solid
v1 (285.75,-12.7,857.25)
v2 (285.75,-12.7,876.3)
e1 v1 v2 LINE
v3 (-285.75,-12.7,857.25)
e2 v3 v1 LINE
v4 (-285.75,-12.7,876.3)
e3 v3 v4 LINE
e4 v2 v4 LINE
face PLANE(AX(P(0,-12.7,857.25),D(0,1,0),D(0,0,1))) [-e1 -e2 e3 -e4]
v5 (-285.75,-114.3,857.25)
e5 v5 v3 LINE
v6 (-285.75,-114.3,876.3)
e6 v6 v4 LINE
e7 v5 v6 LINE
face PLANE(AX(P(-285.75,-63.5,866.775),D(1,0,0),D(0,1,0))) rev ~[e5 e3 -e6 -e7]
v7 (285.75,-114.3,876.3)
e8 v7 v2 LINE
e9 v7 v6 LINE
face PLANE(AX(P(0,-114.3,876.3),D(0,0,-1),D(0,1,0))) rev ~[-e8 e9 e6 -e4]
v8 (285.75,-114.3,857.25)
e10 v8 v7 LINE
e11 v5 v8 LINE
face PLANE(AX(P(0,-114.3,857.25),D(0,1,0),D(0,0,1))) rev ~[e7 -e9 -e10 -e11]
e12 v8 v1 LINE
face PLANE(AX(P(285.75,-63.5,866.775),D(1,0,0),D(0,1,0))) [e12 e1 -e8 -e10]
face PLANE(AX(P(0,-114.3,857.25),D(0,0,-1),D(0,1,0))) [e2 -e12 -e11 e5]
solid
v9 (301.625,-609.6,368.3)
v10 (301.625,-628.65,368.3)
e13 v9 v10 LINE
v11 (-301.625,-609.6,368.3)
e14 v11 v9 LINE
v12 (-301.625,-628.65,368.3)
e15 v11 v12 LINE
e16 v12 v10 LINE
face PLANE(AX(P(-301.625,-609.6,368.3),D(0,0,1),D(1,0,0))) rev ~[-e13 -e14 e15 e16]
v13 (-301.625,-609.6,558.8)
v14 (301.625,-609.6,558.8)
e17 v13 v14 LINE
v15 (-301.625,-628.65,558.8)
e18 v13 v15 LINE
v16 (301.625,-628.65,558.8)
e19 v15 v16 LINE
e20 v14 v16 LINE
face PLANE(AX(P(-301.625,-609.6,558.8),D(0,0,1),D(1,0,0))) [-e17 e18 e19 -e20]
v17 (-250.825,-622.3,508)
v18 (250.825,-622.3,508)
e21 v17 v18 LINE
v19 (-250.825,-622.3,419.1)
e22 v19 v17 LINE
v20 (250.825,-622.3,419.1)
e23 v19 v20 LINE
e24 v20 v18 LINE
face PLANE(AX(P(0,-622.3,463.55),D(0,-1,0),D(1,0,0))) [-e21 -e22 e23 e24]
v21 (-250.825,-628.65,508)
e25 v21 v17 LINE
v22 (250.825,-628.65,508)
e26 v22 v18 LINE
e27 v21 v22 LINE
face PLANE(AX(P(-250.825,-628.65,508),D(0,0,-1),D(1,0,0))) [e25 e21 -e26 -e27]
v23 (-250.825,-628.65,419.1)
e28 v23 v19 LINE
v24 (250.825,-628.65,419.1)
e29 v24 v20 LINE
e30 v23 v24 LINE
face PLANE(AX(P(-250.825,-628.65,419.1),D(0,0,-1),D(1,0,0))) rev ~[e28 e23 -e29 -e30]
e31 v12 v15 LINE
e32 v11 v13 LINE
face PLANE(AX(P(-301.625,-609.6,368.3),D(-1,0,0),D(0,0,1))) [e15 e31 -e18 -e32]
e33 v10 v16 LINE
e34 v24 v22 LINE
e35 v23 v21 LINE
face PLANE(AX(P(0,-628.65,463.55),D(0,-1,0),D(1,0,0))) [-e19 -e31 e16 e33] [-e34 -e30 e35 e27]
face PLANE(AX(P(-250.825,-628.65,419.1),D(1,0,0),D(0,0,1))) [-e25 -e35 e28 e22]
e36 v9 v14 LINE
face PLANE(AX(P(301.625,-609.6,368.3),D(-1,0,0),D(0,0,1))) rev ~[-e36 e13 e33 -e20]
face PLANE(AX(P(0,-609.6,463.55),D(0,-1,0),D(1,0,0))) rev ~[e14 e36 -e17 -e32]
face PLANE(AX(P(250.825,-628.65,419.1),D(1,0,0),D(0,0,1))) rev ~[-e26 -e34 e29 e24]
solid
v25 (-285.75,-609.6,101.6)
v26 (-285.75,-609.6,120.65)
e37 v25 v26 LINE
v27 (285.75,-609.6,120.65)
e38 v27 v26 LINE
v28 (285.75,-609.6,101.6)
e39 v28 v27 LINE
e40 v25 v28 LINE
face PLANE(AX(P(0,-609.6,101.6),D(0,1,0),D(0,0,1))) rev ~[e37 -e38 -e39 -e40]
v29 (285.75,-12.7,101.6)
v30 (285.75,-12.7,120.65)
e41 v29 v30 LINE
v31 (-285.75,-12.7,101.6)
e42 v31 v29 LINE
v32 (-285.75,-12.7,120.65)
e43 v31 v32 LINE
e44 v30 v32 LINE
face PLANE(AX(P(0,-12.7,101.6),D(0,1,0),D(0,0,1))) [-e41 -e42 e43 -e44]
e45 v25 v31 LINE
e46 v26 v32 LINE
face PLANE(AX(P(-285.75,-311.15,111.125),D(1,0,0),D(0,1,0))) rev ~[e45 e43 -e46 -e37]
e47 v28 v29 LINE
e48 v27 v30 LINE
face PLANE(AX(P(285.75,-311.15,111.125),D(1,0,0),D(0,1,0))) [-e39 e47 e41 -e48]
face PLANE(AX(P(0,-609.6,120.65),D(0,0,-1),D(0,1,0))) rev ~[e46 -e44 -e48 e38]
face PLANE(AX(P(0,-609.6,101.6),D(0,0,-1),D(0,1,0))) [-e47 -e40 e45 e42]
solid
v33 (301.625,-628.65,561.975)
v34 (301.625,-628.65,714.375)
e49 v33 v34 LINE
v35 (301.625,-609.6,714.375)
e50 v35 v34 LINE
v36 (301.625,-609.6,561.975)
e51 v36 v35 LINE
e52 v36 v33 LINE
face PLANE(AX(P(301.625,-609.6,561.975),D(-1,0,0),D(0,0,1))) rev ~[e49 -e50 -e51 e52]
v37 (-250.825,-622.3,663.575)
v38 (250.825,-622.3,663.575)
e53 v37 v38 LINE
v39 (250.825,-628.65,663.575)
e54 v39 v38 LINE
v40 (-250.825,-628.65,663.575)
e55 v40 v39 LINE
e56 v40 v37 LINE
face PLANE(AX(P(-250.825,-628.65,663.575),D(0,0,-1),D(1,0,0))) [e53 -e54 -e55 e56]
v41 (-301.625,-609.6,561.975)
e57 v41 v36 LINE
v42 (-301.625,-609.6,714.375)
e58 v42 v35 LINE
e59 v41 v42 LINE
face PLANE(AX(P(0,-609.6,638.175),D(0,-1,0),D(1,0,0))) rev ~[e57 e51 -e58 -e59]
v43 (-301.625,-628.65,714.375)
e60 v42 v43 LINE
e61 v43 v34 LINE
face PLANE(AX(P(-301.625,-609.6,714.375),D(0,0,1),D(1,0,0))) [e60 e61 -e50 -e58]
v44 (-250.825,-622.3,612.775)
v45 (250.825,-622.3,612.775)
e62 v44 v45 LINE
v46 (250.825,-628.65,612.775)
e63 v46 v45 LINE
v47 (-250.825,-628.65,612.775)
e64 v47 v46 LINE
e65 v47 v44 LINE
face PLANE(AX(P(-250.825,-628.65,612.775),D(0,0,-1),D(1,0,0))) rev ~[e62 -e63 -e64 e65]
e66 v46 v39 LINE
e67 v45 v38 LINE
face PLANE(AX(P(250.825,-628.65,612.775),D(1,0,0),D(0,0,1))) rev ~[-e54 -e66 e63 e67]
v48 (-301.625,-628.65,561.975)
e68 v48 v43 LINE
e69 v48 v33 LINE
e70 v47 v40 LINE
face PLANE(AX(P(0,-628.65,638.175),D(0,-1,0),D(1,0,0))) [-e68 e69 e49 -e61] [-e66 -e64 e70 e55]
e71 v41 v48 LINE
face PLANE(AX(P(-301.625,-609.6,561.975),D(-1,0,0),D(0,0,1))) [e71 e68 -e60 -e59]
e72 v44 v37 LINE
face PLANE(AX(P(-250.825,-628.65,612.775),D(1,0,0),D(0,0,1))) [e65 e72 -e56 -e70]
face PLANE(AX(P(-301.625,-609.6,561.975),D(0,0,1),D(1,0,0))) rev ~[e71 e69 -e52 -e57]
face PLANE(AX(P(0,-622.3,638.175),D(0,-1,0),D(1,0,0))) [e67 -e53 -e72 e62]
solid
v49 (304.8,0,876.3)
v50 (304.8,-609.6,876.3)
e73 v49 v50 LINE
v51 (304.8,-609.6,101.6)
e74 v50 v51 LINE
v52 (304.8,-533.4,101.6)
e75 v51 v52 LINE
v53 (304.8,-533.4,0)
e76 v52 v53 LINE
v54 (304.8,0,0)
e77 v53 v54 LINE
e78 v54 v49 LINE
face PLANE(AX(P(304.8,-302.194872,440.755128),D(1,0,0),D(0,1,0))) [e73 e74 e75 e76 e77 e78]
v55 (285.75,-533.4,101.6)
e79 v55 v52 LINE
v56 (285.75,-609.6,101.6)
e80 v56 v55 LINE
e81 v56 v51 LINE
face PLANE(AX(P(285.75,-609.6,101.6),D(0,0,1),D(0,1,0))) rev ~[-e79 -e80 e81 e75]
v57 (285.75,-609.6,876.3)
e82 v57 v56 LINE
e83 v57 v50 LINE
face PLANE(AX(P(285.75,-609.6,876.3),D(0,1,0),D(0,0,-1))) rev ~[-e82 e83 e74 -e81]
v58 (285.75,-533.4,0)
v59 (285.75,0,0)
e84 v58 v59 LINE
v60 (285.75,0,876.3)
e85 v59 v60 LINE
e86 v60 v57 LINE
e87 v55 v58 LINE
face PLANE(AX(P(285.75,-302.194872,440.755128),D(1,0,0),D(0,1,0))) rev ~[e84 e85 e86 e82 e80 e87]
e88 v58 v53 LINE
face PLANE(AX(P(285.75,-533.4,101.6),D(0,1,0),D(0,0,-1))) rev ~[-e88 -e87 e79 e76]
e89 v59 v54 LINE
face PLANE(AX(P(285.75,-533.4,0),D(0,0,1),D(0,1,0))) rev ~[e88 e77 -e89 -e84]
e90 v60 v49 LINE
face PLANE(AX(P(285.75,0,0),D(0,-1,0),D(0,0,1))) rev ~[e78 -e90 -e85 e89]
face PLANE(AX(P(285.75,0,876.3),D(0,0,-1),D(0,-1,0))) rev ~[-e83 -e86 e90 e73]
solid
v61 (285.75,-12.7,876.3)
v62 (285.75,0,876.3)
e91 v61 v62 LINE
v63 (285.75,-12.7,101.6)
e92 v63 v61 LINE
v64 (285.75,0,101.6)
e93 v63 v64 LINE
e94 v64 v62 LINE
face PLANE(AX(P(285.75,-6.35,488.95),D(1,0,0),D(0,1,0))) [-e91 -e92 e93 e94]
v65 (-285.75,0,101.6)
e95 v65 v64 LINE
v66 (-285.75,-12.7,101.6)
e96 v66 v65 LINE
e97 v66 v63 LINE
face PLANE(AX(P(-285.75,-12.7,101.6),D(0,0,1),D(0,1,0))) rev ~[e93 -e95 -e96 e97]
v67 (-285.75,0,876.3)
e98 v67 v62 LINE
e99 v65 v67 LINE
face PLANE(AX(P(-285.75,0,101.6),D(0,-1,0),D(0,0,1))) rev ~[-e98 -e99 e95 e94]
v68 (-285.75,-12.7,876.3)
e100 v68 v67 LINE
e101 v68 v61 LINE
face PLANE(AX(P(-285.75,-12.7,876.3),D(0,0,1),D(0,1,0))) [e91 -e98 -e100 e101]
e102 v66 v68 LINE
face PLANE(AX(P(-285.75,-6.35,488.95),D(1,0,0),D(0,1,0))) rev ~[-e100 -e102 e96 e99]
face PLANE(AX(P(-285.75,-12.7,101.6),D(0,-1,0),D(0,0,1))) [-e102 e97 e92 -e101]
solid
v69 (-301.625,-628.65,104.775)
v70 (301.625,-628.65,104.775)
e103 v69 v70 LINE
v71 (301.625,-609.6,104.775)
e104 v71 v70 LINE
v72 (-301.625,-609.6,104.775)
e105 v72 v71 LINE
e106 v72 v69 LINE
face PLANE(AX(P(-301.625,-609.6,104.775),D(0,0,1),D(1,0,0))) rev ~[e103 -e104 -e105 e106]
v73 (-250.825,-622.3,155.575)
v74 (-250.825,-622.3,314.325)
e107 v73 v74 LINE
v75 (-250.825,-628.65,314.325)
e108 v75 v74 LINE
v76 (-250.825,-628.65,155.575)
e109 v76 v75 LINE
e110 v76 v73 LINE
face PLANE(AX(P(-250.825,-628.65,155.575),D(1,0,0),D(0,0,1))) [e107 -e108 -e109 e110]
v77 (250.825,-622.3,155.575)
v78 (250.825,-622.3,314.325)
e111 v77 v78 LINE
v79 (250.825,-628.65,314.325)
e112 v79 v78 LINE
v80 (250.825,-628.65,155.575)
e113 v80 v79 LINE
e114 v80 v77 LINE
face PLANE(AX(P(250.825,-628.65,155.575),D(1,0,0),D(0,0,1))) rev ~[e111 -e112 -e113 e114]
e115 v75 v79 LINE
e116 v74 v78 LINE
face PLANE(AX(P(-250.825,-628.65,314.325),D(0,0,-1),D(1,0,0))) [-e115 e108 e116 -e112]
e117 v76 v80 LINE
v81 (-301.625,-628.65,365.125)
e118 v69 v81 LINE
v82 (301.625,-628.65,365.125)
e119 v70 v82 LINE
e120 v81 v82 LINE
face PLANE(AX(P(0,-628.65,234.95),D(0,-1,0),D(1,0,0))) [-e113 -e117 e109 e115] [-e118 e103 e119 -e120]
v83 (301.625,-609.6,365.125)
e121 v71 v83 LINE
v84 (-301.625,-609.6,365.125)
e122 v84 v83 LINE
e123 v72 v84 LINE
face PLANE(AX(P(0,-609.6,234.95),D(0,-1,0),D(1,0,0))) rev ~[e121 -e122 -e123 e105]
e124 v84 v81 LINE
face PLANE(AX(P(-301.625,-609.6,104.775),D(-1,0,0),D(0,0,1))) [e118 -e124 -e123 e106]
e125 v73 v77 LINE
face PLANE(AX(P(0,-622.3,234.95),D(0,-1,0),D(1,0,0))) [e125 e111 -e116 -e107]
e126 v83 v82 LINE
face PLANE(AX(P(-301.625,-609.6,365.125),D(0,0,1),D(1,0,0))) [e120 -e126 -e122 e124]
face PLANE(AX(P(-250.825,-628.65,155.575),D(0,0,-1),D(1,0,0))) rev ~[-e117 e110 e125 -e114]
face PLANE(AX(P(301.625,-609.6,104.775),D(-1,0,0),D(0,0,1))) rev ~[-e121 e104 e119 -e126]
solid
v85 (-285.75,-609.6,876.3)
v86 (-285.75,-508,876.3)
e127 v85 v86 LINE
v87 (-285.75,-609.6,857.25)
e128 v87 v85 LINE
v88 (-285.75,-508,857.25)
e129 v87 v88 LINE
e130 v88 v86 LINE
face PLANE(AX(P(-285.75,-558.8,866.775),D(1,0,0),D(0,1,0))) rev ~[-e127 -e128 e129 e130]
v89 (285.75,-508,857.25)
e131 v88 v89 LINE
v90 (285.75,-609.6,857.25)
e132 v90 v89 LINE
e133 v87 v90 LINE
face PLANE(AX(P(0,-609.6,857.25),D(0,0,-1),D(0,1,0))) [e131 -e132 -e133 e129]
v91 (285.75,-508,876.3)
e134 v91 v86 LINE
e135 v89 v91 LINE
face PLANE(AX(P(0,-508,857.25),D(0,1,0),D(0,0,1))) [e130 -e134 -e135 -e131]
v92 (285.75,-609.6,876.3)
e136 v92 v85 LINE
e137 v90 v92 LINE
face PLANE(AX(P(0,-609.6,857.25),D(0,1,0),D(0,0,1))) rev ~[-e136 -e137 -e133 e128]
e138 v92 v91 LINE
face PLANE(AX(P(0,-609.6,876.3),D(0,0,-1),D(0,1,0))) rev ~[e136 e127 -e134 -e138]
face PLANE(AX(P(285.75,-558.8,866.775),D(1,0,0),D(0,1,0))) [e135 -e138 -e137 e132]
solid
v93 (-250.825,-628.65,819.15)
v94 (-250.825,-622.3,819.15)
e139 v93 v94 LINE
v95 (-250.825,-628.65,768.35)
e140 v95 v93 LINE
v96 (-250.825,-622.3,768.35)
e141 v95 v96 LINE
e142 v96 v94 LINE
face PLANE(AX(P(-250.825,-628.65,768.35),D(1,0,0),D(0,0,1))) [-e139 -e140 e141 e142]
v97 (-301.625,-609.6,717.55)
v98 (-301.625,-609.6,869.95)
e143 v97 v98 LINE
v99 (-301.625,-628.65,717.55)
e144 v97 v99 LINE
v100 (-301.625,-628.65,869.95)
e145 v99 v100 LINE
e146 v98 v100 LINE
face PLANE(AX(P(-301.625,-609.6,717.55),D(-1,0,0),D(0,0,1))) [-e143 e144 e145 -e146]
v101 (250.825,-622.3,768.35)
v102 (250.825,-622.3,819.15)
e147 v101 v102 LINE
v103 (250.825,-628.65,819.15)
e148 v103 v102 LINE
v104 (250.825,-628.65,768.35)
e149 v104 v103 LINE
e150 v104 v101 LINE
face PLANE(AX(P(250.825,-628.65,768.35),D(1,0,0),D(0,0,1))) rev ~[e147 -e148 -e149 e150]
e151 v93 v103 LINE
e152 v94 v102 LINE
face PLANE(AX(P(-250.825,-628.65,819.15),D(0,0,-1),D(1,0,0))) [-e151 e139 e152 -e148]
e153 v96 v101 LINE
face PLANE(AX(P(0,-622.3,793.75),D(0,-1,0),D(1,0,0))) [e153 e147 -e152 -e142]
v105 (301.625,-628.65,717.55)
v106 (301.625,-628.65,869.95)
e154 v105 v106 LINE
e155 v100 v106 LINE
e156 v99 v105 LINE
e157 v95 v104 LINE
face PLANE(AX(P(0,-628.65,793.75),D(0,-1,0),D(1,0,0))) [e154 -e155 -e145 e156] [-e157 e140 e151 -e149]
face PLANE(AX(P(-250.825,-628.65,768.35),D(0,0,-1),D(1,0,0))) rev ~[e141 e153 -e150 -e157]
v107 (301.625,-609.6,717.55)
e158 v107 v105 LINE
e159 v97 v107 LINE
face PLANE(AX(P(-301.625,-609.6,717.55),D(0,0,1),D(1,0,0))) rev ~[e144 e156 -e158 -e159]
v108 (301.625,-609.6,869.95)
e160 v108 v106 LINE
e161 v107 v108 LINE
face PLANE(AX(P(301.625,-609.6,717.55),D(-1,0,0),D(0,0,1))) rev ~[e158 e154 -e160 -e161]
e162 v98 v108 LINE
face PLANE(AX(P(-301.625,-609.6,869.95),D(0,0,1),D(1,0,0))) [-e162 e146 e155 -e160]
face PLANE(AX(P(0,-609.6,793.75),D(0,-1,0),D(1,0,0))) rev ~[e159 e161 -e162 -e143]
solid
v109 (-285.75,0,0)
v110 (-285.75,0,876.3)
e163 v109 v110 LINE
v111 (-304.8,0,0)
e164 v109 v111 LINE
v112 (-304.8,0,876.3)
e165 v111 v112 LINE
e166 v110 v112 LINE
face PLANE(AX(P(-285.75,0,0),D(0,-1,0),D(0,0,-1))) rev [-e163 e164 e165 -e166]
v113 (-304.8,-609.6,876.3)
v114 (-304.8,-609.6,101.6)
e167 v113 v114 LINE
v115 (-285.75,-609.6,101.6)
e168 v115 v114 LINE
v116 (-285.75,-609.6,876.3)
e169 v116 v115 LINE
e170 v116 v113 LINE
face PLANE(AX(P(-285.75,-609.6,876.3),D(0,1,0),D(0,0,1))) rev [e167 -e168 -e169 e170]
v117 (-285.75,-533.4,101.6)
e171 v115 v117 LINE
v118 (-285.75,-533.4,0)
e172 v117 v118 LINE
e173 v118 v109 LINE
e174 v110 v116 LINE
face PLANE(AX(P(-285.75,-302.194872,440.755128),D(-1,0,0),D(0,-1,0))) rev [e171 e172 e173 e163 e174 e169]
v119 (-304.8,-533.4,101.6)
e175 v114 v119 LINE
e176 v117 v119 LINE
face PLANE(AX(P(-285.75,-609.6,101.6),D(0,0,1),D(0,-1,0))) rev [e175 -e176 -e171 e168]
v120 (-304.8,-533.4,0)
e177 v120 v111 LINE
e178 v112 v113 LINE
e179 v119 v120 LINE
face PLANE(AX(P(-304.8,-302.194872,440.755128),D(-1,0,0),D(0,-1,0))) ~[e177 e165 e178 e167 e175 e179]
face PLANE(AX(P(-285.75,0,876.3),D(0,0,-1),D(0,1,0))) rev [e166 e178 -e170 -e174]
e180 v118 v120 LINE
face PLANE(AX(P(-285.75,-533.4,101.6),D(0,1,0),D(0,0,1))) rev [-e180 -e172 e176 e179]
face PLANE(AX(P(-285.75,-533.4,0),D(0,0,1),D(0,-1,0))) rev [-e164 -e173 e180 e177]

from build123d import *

# Parameters (mm, degrees)
F1_W      = 596.9
F1_H      = 19.05
F2_DEPTH  = 285.75
F1_W_2    = 101.6
F4_DEPTH  = 19.05
F6_W      = 12.7
F6_H      = 774.7
F7_DEPTH  = 571.5
F8_W      = 603.25
F8_H      = 152.4
F9_DEPTH  = 19.05
F8_H_2    = 190.5
F8_H_3    = 260.35
F10_W     = 501.65
F10_H     = 50.8
F10_H_2   = 88.9
F10_H_3   = 158.75
F11_DEPTH = 6.35


with BuildPart() as f2:
    # F1 (on Right) → F2 (new body, symmetric)
    with BuildSketch(Plane.YZ):
        with Locations((-311.15, 111.125)):
            Rectangle(F1_W, F1_H)
    extrude(amount=F2_DEPTH, both=True)


with BuildPart() as f2b:
    # F1 (on Right) → F2, piece 2 (new body, symmetric)
    with BuildSketch(Plane.YZ):
        with Locations((-558.8, 866.775)):
            Rectangle(F1_W_2, F1_H)
    extrude(amount=F2_DEPTH, both=True)


with BuildPart() as f2c:
    # F1 (on Right) → F2, piece 3 (new body, symmetric)
    with BuildSketch(Plane.YZ):
        with Locations((-63.5, 866.775)):
            Rectangle(F1_W_2, F1_H)
    extrude(amount=F2_DEPTH, both=True)


with BuildPart() as f4:
    # F3 (on face) → F4 (new body)
    with BuildSketch(Plane.YZ.offset(285.75)):
        Polygon((0, 876.3), (-609.6, 876.3), (-609.6, 101.6), (-533.4, 101.6), (-533.4, 0), (0, 0), align=None)
    extrude(amount=F4_DEPTH)


with BuildPart() as f5_1:
    # F5: instance of F4
    add(f4.part.mirror(Plane.YZ))


with BuildPart() as f7:
    # F6 (on face) → F7 (new body, through all)
    with BuildSketch(Plane.YZ.offset(-285.75)):
        with Locations((-6.35, 488.95)):
            Rectangle(F6_W, F6_H)
    extrude(amount=F7_DEPTH)


with BuildPart() as f9:
    # F8 (on face) → F9 (new body)
    with BuildSketch(Plane.XZ.offset(609.6)):
        with Locations((0, 793.75)):
            Rectangle(F8_W, F8_H)
    extrude(amount=F9_DEPTH)


with BuildPart() as f9b:
    # F8 (on face) → F9, piece 2 (new body)
    with BuildSketch(Plane.XZ.offset(609.6)):
        with Locations((0, 638.175)):
            Rectangle(F8_W, F8_H)
    extrude(amount=F9_DEPTH)


with BuildPart() as f9c:
    # F8 (on face) → F9, piece 3 (new body)
    with BuildSketch(Plane.XZ.offset(609.6)):
        with Locations((0, 463.55)):
            Rectangle(F8_W, F8_H_2)
    extrude(amount=F9_DEPTH)


with BuildPart() as f9d:
    # F8 (on face) → F9, piece 4 (new body)
    with BuildSketch(Plane.XZ.offset(609.6)):
        with Locations((0, 234.95)):
            Rectangle(F8_W, F8_H_3)
    extrude(amount=F9_DEPTH)


with BuildPart() as f11_tool:
    # F10 (on face) → F11 (new body)
    with BuildSketch(Plane.XZ.offset(628.65)):
        with Locations((0, 793.75)):
            Rectangle(F10_W, F10_H)
        with Locations((0, 638.175)):
            Rectangle(F10_W, F10_H)
        with Locations((0, 463.55)):
            Rectangle(F10_W, F10_H_2)
        with Locations((0, 234.95)):
            Rectangle(F10_W, F10_H_3)
    extrude(amount=-F11_DEPTH)


with BuildPart() as f9_1:
    add(f9.part)

    # F11: cut by f11_tool
    add(f11_tool.part, mode=Mode.SUBTRACT)


with BuildPart() as f9b_1:
    add(f9b.part)

    # F11: cut by f11_tool
    add(f11_tool.part, mode=Mode.SUBTRACT)


with BuildPart() as f9c_1:
    add(f9c.part)

    # F11: cut by f11_tool
    add(f11_tool.part, mode=Mode.SUBTRACT)


with BuildPart() as f9d_1:
    add(f9d.part)

    # F11: cut by f11_tool
    add(f11_tool.part, mode=Mode.SUBTRACT)


solid = Compound([f2.part, f2b.part, f2c.part, f4.part, f5_1.part, f7.part, f9_1.part, f9b_1.part, f9c_1.part, f9d_1.part])
